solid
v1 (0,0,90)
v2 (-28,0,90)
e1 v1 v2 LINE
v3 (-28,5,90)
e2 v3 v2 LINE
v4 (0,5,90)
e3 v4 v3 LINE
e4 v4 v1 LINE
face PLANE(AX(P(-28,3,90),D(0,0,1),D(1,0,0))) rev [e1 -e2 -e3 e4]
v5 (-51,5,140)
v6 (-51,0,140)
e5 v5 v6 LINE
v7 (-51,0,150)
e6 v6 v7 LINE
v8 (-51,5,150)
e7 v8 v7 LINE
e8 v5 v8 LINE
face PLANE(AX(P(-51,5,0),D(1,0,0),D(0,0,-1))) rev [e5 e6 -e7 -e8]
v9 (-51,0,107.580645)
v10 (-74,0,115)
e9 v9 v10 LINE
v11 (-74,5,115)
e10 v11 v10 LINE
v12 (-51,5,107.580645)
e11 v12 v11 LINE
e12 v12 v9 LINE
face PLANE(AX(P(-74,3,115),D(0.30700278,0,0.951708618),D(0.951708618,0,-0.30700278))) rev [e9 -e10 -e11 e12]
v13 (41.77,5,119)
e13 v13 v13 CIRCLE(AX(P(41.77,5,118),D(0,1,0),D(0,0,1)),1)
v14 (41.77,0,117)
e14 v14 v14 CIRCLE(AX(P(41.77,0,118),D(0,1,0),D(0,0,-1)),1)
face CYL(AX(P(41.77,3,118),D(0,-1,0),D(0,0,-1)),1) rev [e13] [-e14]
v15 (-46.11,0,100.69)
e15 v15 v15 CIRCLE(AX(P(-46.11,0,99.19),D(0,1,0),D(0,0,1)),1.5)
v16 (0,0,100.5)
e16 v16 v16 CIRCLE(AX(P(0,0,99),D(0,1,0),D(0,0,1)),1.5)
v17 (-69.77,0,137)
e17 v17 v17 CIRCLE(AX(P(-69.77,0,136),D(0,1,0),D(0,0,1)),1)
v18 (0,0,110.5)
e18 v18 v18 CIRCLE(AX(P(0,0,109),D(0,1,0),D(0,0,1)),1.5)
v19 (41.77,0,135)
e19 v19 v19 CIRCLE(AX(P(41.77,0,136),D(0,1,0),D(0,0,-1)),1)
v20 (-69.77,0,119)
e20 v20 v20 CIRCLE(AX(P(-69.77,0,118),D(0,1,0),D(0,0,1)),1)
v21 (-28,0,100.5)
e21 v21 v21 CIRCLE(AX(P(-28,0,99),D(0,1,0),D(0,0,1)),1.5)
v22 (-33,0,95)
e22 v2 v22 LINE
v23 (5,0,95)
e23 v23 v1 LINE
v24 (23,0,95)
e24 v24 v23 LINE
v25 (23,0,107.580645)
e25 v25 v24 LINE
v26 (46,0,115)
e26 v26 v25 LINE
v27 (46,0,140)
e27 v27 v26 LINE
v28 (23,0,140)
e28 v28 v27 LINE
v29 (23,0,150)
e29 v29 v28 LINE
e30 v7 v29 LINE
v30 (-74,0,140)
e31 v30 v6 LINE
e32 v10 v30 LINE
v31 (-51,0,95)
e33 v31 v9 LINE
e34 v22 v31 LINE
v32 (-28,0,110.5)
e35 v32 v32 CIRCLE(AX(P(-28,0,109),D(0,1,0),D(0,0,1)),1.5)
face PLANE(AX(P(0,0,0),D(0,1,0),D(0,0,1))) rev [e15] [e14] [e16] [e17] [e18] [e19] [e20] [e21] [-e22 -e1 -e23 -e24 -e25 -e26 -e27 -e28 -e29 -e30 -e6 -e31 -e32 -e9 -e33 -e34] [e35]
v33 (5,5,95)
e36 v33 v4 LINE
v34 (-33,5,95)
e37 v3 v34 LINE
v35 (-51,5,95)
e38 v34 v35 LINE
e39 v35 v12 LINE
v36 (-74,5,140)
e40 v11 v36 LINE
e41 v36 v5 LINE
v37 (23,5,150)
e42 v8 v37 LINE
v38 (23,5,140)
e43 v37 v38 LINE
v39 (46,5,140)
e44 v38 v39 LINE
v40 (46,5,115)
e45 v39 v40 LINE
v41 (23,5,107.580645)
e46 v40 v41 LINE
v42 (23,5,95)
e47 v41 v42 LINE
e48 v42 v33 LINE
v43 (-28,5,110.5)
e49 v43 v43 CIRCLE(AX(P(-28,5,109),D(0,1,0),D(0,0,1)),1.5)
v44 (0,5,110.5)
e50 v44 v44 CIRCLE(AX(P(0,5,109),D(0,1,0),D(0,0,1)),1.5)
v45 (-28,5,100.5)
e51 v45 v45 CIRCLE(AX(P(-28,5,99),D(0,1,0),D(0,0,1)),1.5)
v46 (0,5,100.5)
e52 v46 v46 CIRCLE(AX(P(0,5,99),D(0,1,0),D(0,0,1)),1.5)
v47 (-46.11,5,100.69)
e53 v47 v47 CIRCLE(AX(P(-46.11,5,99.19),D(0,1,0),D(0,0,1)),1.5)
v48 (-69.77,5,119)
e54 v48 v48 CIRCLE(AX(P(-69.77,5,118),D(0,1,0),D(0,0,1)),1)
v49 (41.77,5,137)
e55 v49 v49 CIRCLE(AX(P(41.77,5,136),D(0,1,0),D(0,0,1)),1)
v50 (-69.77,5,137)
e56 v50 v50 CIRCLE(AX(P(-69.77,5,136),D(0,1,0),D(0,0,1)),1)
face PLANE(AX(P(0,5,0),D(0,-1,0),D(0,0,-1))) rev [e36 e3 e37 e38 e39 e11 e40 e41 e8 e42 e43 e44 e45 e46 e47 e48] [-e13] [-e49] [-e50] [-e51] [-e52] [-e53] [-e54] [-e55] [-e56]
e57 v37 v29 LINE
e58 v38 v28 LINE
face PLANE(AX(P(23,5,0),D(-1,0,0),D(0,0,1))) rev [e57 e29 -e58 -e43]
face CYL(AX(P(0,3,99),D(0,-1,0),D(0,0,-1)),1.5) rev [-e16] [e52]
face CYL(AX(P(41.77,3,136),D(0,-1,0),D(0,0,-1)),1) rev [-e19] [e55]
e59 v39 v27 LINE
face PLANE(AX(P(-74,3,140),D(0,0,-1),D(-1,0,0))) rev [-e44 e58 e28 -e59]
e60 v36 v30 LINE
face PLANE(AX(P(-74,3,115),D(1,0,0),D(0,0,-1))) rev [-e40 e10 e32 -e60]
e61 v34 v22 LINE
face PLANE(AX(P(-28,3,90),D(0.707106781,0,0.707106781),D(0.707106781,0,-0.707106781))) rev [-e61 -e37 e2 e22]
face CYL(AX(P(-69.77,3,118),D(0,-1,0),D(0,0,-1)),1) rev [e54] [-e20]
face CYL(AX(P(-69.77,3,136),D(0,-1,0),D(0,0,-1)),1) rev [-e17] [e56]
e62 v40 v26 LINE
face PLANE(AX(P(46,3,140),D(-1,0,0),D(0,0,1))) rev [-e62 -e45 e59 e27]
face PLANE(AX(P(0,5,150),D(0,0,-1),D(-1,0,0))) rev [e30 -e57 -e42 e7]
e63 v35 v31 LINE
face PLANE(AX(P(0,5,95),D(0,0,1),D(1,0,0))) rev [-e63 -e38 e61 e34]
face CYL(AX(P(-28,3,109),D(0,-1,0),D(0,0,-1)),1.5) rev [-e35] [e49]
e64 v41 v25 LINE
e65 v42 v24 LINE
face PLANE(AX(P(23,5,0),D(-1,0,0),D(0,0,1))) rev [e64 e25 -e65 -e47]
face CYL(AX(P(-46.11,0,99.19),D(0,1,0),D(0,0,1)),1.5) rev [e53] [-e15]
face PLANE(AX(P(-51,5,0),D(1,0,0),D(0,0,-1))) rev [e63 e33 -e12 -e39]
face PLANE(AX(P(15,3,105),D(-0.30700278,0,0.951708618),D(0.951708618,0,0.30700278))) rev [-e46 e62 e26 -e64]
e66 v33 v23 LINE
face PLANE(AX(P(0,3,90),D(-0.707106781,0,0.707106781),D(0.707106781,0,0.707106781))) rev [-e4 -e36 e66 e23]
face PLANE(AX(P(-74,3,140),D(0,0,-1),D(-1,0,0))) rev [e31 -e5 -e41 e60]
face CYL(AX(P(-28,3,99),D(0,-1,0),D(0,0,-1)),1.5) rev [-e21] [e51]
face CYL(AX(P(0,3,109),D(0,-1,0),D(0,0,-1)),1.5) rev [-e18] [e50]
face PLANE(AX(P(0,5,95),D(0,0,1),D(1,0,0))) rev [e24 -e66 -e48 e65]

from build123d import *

# Parameters (mm, degrees)
SKETCH1_R           = 1.5
SKETCH1_R_2         = 1
BOSS_EXTRUDE1_DEPTH = 3
SKETCH2_R           = 1
BOSS_EXTRUDE2_DEPTH = 2
BOSS_EXTRUDE4_START = -3
SKETCH3_R           = 1.5
BOSS_EXTRUDE4_DEPTH = 5
SKETCH4_R           = 1.5
CUT_EXTRUDE1_DEPTH  = 168.334993352


with BuildPart() as part:
    # Sketch1 → Boss-Extrude1 (new body)
    with BuildSketch(Plane(origin=(0, 0, 0), x_dir=(1, 0, 0), z_dir=(0, 1, 0))):
        Polygon((-28, -90), (-43, -105), (-74, -115), (-74, -140), (46, -140), (46, -115), (15, -105), (0, -90), align=None)
        with Locations(Location((-28, -99, 0), (0, 0, 270))):
            Circle(SKETCH1_R, mode=Mode.SUBTRACT)
        with Locations(Location((0, -99, 0), (0, 0, 270))):
            Circle(SKETCH1_R, mode=Mode.SUBTRACT)
        with Locations(Location((-28, -109, 0), (0, 0, 270))):
            Circle(SKETCH1_R, mode=Mode.SUBTRACT)
        with Locations(Location((0, -109, 0), (0, 0, 270))):
            Circle(SKETCH1_R, mode=Mode.SUBTRACT)
        with Locations(Location((-69.77, -136, 0), (0, 0, 270))):
            Circle(SKETCH1_R_2, mode=Mode.SUBTRACT)
        with Locations(Location((-69.77, -118, 0), (0, 0, 270))):
            Circle(SKETCH1_R_2, mode=Mode.SUBTRACT)
        with Locations(Location((41.77, -136, 0), (0, 0, 90))):
            Circle(SKETCH1_R_2, mode=Mode.SUBTRACT)
        with Locations(Location((41.77, -118, 0), (0, 0, 90))):
            Circle(SKETCH1_R_2, mode=Mode.SUBTRACT)
    extrude(amount=BOSS_EXTRUDE1_DEPTH)

    # Sketch2 → Boss-Extrude2 (add)
    # profile 1 of 2: a face of its own
    with BuildSketch(Plane(origin=(0, 3, 0), x_dir=(1, 0, 0), z_dir=(0, 1, 0))):
        Polygon((-74, -115), (-74, -140), (-51, -140), (-51, -107.580645161), align=None)
        with Locations(Location((-69.77, -118, 0), (0, 0, 270))):
            Circle(SKETCH2_R, mode=Mode.SUBTRACT)
        with Locations(Location((-69.77, -136, 0), (0, 0, 270))):
            Circle(SKETCH2_R, mode=Mode.SUBTRACT)
    # profile 2 of 2: a face of its own
    with BuildSketch(Plane(origin=(0, 3, 0), x_dir=(1, 0, 0), z_dir=(0, 1, 0))):
        Polygon((46, -115), (46, -140), (23, -140), (23, -107.580645161), align=None)
        with Locations(Location((41.77, -118, 0), (0, 0, 90))):
            Circle(SKETCH2_R, mode=Mode.SUBTRACT)
        with Locations(Location((41.77, -136, 0), (0, 0, 90))):
            Circle(SKETCH2_R, mode=Mode.SUBTRACT)
    extrude(amount=BOSS_EXTRUDE2_DEPTH)

    # Sketch3 → Boss-Extrude4 (add)
    with BuildSketch(Plane(origin=(0, 3, 0), x_dir=(1, 0, 0), z_dir=(0, 1, 0)).offset(BOSS_EXTRUDE4_START)):
        Polygon((-51, -150), (23, -150), (23, -95), (5, -95), (0, -90), (-28, -90), (-33, -95), (-51, -95), align=None)
        with Locations(Location((-28, -99, 0), (0, 0, 270))):
            Circle(SKETCH3_R, mode=Mode.SUBTRACT)
        with Locations(Location((0, -99, 0), (0, 0, 270))):
            Circle(SKETCH3_R, mode=Mode.SUBTRACT)
        with Locations(Location((0, -109, 0), (0, 0, 270))):
            Circle(SKETCH3_R, mode=Mode.SUBTRACT)
        with Locations(Location((-28, -109, 0), (0, 0, 270))):
            Circle(SKETCH3_R, mode=Mode.SUBTRACT)
    extrude(amount=BOSS_EXTRUDE4_DEPTH)

    # Sketch4 → Cut-Extrude1 (cut, through all)
    with BuildSketch(Plane(origin=(0, 5, 0), x_dir=(1, 0, 0), z_dir=(0, 1, 0))):
        with Locations(Location((-46.11, -99.19, 0), (0, 0, 270))):
            Circle(SKETCH4_R)
    extrude(amount=-CUT_EXTRUDE1_DEPTH, mode=Mode.SUBTRACT)


solid = part.part
